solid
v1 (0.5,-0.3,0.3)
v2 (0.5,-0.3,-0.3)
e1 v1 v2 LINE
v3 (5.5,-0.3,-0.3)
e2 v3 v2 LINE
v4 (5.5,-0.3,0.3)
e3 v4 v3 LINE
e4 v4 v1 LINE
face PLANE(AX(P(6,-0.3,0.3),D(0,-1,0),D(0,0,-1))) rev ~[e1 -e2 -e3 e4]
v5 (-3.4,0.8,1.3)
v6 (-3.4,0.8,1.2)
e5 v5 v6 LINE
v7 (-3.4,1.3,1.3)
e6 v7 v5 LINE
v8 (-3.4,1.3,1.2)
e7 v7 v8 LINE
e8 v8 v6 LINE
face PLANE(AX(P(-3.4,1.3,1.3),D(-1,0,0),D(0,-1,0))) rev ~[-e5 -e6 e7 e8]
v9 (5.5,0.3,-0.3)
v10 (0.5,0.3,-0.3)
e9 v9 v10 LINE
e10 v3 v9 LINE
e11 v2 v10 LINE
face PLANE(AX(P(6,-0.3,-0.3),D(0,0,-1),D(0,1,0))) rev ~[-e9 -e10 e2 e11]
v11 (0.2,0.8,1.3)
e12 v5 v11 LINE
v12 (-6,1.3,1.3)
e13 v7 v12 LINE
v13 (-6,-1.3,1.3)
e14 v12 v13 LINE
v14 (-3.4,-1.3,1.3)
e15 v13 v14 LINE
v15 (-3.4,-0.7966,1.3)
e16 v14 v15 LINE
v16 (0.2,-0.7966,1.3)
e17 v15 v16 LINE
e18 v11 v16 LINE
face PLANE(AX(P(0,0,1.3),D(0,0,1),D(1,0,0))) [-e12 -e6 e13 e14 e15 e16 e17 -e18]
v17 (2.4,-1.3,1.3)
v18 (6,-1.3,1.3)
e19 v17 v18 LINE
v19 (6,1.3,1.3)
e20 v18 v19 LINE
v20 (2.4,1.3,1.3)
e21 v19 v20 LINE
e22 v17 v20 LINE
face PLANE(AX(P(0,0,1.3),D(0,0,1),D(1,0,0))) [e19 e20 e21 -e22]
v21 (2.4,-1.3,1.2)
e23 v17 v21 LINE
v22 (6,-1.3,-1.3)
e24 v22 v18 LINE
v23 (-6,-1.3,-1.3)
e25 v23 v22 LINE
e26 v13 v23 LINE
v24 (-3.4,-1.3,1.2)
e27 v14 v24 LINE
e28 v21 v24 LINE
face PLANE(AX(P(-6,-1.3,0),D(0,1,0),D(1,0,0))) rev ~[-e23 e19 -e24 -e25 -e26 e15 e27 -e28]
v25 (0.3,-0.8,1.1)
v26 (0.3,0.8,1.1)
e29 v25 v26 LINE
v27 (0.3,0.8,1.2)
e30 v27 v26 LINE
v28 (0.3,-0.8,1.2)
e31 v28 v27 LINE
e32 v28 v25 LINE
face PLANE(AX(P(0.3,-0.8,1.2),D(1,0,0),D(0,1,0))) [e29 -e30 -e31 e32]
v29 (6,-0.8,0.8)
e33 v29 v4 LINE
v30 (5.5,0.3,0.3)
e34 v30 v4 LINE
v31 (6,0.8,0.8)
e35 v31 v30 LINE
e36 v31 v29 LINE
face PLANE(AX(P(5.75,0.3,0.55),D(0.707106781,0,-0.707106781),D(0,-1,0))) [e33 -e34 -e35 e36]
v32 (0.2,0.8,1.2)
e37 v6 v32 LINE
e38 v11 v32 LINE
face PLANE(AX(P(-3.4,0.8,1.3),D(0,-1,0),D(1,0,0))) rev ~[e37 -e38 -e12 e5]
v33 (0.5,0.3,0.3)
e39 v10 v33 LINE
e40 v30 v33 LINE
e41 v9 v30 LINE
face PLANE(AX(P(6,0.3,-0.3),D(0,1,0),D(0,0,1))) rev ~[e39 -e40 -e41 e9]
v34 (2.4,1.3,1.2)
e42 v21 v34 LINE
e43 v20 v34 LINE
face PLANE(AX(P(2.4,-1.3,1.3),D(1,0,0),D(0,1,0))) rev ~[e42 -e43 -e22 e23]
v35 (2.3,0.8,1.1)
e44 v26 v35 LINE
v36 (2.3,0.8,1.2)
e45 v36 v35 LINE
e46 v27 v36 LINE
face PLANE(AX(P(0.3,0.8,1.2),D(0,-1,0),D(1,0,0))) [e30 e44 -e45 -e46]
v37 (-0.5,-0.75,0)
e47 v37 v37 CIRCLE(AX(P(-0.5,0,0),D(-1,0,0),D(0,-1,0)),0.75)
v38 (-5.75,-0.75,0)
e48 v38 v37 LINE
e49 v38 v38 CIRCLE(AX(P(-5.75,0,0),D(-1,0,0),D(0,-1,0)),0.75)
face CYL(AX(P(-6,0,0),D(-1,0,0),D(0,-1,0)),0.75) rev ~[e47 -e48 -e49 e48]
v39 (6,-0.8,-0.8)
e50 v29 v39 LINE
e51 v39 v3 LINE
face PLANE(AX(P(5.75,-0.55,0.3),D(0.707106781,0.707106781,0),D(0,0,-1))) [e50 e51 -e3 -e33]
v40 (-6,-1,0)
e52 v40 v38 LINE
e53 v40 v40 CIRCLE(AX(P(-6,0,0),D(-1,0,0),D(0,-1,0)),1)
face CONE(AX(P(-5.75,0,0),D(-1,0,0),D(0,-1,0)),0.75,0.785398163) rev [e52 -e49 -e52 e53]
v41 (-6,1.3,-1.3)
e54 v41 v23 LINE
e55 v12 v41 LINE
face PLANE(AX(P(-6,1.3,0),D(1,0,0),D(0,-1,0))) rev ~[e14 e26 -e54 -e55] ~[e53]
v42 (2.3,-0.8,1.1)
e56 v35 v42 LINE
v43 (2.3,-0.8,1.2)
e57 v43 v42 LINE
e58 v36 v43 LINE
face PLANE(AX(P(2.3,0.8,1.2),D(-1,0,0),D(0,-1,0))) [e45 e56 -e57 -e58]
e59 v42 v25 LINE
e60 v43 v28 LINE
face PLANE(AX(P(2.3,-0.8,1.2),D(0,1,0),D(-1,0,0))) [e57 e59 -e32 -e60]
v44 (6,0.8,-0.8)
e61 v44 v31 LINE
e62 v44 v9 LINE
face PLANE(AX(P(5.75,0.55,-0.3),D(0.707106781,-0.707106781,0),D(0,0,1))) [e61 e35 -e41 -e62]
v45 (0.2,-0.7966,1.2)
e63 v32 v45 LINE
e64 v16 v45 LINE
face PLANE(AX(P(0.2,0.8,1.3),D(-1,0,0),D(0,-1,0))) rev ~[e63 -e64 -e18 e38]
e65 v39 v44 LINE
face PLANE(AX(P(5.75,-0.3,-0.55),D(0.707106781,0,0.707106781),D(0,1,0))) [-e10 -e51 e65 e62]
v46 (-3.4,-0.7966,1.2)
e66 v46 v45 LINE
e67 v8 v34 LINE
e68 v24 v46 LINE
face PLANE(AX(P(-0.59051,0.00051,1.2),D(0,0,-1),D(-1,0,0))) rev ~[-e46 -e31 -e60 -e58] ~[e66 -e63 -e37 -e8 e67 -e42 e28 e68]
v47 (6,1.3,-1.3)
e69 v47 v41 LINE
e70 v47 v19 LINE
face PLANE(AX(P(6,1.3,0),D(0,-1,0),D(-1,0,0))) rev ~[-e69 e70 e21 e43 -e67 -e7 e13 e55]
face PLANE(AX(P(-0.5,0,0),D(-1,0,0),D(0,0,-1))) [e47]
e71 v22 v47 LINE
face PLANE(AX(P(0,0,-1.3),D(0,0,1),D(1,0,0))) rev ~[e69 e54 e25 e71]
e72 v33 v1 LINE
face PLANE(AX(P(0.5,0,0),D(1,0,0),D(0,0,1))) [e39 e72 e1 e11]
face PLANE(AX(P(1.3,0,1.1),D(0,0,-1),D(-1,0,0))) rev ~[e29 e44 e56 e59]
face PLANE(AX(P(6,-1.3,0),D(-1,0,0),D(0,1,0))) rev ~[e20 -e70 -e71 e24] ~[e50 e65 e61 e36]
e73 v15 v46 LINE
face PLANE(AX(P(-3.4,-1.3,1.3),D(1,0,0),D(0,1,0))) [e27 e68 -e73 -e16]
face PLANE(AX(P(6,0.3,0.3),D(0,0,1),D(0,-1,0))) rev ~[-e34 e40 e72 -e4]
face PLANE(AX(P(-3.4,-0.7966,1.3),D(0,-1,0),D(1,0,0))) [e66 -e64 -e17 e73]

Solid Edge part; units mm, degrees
sketch "Sketch1" plane through (0, 0, 0) normal (0, 0, 1) x (1, 0, 0)
  line L0 (-6, -1.3) -> (6, -1.3)
  line L1 (6, -1.3) -> (6, 1.3)
  line L2 (6, 1.3) -> (-6, 1.3)
  line L3 (-6, 1.3) -> (-6, -1.3)
  dimension "D1" = 2.6
  dimension "D2" = 12
extrude "Protrusion1" add sketch "Sketch1" along normal mid plane 2.6
sketch "Sketch2" plane through (6, 0, 0) normal (1, 0, 0) x (0, 1, 0)
  line L0 (-0.3, -0.3) -> (0.3, -0.3)
  line L1 (0.3, -0.3) -> (0.3, 0.3)
  line L2 (0.3, 0.3) -> (-0.3, 0.3)
  line L3 (-0.3, 0.3) -> (-0.3, -0.3)
  dimension "D1" = 0.6
  dimension "D2" = 0.6
extrude "Extrusionsausschnitt_1" cut sketch "Sketch2" against normal blind 5.5
chamfer "Fase_1" distance 0.5 angle 45 4 edges at (6, 0, 0.3) (6, 0.3, 0) (6, -0.3, 0) (6, 0, -0.3)
sketch "Sketch3" plane through (-6, 0, 0) normal (-1, 0, 0) x (0, -1, 0)
  circle A0 centre (0, 0) radius 0.75
  dimension "D1" = 1.5
extrude "Extrusionsausschnitt_2" cut sketch "Sketch3" against normal blind 5.5
sketch "Sketch4" plane through (0, 0, 1.3) normal (0, 0, 1) x (1, 0, 0)
  line L0 (0.2, -1.3) -> (-3.4, -1.3)
  line L1 (-3.4, -1.3) -> (-3.4, -0.7966)
  line L2 (-3.4, -0.7966) -> (0.2, -0.7966)
  line L3 (0.2, 0.8) -> (0.2, -0.7966)
  line L4 (-3.4, 0.8) -> (0.2, 0.8)
  line L5 (-3.4, 1.3) -> (-3.4, 0.8)
  line L6 (0.2, 1.3) -> (-3.4, 1.3)
  line L7 (2.4, 1.3) -> (0.2, 1.3)
  line L8 (2.4, -1.3) -> (2.4, 1.3)
  line L9 (0.2, -1.3) -> (2.4, -1.3)
  dimension "D1" = 3.6
  dimension "D2" = 2.2
  dimension "D3" = 0.5
  dimension "D4" = 0.5034
  dimension "D5" = 3.6
extrude "Extrusionsausschnitt_3" cut sketch "Sketch4" against normal blind 0.1
sketch "Sketch5" plane through (-0.5, 0, 1.2) normal (0, 0, 1) x (1, 0, 0)
  line L0 (0.8, 0.8) -> (2.8, 0.8)
  line L1 (2.8, 0.8) -> (2.8, -0.8)
  line L2 (2.8, -0.8) -> (0.8, -0.8)
  line L3 (0.8, -0.8) -> (0.8, 0.8)
  dimension "D1" = 0.1
  dimension "D2" = 0.1
  dimension "D3" = 1.6
  dimension "D4" = 0.5
extrude "Extrusionsausschnitt_4" cut sketch "Sketch5" against normal blind 0.1
chamfer "Fase_2" distance 0.25 angle 45 1 edges at (-6, 0.75, 0)
